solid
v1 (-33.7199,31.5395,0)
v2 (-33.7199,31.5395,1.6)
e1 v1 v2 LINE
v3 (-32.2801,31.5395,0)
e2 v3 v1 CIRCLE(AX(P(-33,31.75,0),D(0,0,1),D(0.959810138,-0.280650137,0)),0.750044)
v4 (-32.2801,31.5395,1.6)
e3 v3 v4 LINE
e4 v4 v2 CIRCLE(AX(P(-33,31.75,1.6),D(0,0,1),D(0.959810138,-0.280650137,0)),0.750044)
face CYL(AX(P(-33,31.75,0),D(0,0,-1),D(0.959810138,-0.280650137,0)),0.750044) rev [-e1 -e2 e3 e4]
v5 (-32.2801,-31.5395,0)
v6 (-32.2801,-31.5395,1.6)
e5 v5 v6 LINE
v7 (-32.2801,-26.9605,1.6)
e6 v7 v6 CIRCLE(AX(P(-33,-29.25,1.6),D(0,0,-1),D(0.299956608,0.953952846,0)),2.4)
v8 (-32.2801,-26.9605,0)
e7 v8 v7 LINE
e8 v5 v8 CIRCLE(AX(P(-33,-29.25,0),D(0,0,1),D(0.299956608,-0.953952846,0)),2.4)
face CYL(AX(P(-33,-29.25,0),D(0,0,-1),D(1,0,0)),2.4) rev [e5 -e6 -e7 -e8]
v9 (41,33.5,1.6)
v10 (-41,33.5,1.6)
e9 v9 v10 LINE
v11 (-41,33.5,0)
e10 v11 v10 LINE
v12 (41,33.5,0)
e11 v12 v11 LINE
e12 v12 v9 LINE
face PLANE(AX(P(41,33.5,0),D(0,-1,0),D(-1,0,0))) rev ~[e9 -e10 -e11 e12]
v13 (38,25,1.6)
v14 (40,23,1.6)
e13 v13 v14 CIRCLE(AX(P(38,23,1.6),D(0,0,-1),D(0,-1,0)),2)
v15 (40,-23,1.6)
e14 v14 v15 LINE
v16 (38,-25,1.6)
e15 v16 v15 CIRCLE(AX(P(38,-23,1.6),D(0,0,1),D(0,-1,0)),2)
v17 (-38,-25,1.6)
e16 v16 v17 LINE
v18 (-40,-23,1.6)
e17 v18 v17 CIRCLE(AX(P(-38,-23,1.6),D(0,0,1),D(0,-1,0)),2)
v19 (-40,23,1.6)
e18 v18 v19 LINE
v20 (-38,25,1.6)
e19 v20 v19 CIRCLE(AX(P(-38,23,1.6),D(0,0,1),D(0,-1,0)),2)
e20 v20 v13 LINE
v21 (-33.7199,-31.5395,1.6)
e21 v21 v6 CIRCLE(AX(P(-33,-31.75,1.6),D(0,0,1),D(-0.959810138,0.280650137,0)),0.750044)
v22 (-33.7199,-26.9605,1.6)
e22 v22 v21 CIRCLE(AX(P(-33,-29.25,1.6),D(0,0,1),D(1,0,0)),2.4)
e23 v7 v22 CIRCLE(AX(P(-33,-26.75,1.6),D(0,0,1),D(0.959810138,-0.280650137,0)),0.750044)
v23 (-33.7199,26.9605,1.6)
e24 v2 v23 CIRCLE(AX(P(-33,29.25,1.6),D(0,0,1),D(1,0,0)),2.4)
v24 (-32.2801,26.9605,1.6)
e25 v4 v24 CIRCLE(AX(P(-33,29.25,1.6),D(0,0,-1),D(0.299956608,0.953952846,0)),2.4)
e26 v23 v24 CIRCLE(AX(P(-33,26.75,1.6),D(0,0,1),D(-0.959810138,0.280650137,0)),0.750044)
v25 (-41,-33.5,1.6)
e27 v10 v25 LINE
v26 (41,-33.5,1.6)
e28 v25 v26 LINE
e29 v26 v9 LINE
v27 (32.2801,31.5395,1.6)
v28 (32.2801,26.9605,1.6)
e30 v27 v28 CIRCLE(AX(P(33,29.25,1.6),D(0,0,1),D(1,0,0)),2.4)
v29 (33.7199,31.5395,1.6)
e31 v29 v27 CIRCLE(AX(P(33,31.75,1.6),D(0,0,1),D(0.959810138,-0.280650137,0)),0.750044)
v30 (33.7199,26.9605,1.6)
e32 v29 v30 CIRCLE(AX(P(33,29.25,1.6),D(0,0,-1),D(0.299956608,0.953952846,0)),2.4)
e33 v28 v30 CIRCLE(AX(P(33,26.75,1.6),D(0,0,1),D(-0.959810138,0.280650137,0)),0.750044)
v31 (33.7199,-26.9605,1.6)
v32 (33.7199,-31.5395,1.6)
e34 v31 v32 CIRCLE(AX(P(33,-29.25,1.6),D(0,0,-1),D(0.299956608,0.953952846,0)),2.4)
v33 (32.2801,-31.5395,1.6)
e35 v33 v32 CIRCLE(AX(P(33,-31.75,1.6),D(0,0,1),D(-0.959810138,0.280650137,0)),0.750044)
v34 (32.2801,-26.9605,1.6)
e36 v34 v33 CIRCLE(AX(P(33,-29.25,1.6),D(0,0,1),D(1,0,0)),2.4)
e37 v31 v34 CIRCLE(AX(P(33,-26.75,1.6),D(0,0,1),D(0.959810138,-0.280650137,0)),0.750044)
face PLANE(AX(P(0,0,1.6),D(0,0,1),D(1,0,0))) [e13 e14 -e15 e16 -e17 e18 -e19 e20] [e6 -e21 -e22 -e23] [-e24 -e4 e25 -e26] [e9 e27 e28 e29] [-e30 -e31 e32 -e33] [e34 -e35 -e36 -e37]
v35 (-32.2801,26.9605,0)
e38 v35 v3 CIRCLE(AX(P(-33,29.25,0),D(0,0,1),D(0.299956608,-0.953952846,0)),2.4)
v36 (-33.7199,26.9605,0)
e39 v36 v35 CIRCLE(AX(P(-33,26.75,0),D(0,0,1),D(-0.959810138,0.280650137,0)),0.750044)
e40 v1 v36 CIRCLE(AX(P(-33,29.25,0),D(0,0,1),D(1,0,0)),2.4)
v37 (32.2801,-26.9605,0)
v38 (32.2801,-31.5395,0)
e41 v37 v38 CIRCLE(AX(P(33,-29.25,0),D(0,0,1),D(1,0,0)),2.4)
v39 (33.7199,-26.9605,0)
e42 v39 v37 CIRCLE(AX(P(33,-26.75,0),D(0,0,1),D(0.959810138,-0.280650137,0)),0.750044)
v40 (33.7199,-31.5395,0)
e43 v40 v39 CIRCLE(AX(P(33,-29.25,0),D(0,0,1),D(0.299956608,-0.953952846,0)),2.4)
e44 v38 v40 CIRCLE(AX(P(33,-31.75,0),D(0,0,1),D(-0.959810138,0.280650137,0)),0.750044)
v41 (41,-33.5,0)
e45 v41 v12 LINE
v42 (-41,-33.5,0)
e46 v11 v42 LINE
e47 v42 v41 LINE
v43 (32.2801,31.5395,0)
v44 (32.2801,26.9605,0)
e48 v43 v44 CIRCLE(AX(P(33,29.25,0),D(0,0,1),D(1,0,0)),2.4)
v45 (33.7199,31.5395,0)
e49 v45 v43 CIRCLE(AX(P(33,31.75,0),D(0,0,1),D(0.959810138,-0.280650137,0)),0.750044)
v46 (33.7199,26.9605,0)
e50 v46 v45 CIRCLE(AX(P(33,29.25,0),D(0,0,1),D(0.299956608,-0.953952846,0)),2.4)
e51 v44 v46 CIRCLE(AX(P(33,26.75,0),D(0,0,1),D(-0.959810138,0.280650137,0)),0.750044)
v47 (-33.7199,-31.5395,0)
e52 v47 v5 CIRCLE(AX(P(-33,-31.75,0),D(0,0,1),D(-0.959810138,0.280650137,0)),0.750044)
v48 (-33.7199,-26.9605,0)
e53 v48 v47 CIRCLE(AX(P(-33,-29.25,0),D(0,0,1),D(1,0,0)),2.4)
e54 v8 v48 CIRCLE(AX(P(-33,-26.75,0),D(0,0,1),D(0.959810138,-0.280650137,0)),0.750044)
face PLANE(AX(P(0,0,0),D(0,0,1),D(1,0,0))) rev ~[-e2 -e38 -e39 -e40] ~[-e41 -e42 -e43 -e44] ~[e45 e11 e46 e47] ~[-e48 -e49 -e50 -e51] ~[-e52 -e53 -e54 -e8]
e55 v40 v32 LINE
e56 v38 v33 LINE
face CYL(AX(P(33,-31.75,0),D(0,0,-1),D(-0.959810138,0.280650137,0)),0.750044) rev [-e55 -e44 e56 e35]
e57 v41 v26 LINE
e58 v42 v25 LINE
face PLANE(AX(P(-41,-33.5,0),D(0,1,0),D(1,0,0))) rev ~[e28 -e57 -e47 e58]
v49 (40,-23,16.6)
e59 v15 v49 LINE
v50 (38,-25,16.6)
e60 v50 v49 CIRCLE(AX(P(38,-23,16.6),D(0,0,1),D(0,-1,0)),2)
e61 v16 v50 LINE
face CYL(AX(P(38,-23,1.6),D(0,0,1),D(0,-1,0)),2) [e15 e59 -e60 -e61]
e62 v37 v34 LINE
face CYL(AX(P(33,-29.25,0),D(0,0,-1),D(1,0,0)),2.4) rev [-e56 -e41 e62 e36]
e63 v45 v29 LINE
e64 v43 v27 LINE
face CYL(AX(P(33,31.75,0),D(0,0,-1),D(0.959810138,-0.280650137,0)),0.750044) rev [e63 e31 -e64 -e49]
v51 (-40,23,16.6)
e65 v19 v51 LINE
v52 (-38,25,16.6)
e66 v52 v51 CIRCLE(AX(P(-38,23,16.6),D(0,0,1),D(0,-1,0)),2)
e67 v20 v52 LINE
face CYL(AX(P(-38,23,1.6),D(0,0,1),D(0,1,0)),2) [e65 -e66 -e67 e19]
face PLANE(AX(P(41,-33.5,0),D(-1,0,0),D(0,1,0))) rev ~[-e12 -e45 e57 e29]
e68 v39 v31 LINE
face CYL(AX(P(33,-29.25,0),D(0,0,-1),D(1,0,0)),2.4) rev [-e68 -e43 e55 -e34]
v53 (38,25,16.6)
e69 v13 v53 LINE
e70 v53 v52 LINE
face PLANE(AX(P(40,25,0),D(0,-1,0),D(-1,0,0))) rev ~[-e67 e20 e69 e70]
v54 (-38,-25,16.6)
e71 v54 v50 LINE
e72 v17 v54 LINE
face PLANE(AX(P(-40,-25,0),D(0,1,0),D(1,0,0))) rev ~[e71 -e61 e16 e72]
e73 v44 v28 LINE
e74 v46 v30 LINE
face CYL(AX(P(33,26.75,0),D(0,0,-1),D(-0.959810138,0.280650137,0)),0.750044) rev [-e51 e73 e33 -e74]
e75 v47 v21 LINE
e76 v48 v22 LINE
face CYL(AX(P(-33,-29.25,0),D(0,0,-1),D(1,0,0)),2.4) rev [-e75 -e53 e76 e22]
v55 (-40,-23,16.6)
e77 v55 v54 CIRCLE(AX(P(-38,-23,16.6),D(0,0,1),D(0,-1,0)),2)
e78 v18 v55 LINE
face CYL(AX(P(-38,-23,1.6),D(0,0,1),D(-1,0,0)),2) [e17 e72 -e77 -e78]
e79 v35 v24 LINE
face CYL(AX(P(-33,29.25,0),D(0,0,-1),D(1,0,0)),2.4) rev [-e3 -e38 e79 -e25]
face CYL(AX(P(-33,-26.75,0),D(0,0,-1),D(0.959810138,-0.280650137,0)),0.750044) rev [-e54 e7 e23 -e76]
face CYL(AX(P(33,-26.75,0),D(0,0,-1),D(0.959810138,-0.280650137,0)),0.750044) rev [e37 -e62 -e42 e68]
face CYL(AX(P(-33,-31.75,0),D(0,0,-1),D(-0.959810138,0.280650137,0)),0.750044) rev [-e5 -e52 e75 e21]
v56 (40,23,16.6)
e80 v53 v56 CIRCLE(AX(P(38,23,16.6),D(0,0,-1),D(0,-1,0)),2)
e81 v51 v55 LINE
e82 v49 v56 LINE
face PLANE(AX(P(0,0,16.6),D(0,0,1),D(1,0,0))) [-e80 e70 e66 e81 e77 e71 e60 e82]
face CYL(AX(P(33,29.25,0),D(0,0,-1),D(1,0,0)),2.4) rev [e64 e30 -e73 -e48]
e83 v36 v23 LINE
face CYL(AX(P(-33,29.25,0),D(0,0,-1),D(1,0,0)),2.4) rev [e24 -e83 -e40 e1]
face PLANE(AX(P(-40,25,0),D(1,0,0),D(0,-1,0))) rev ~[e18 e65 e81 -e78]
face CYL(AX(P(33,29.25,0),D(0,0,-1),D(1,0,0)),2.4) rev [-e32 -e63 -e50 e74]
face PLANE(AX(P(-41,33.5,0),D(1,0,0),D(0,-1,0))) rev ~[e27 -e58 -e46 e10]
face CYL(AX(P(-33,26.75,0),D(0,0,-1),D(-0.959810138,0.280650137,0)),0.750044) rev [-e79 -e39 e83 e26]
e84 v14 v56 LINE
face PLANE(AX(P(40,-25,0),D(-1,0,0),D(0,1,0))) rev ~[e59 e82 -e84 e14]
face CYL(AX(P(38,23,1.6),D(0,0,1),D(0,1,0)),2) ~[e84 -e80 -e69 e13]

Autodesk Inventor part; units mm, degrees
ref_plane "YZ Plane" through (0, 0, 0) normal (1, 0, 0) x (0, 1, 0)
ref_plane "XZ Plane" through (0, 0, 0) normal (0, 1, 0) x (-1, 0, 0)
ref_plane "XY Plane" through (0, 0, 0) normal (0, 0, 1) x (1, 0, 0)
sketch "Sketch1" plane through (0, 0, 0) normal (0, 0, 1) x (1, 0, 0)
  line L0 (41, 33.5) -> (-41, 33.5)
  line L1 (-41, 33.5) -> (-41, -33.5)
  line L2 (-41, -33.5) -> (41, -33.5)
  line L3 (41, -33.5) -> (41, 33.5)
  line L4 (41, 33.5) -> (-41, -33.5) construction
  line L5 (-41, 33.5) -> (41, -33.5) construction
  line L6 (-33, 29.25) -> (33, 29.25) construction
  line L7 (33, 29.25) -> (33, -29.25) construction
  line L8 (33, -29.25) -> (-33, -29.25) construction
  line L9 (-33, -29.25) -> (-33, 29.25) construction
  line L10 (-33, 29.25) -> (33, -29.25) construction
  line L11 (33, 29.25) -> (-33, -29.25) construction
  line L12 (41, 0) -> (-41, 0) construction
  line L13 (0, 33.5) -> (0, -33.5) construction
  circle A0 centre (33, 29.25) radius 2.4
  circle A1 centre (-33, 29.25) radius 2.4
  circle A2 centre (33, -29.25) radius 2.4
  circle A3 centre (-33, -29.25) radius 2.4
  line L14 (33, 32.5) -> (33, 26) construction
  arc A4 (32.2801, 26.9605) -> (33.7199, 26.9605) centre (33, 26.75) ccw
  arc A5 (-33.7199, 26.9605) -> (-32.2801, 26.9605) centre (-33, 26.75) ccw
  arc A6 (33.7199, -26.9605) -> (32.2801, -26.9605) centre (33, -26.75) ccw
  arc A7 (-32.2801, -26.9605) -> (-33.7199, -26.9605) centre (-33, -26.75) ccw
  line L15 (40, 25) -> (-40, 25)
  line L16 (-40, 25) -> (-40, -25)
  line L17 (-40, -25) -> (40, -25)
  line L18 (40, -25) -> (40, 25)
  line L19 (40, 25) -> (-40, -25) construction
  line L20 (-40, 25) -> (40, -25) construction
  arc A8 (33.7199, 31.5395) -> (32.2801, 31.5395) centre (33, 31.75) ccw
  arc A9 (-32.2801, 31.5395) -> (-33.7199, 31.5395) centre (-33, 31.75) ccw
  arc A10 (32.2801, -31.5395) -> (33.7199, -31.5395) centre (33, -31.75) ccw
  arc A11 (-33.7199, -31.5395) -> (-32.2801, -31.5395) centre (-33, -31.75) ccw
  point P0 (0, 0)
  point P1 (33, -26)
  point P2 (-32.2801, 26.9605)
  point P3 (-33.7199, 26.9605)
  point P4 (-33.7199, -26.9605)
  point P5 (-32.2801, -26.9605)
  point P6 (32.2801, -26.9605)
  point P7 (33.7199, -26.9605)
  point P8 (33, 32.5)
  point P9 (32.2801, 31.5395)
  point P10 (33.7199, 31.5395)
  point P11 (-33.7199, 31.5395)
  point P12 (-32.2801, 31.5395)
  point P13 (-32.2801, -31.5395)
  point P14 (-33.7199, -31.5395)
  point P15 (33.7199, -31.5395)
  point P16 (32.2801, -31.5395)
  dimension "d0" = 82
  dimension "d1" = 67
  dimension "d19" = 4.8
  dimension "d30" = 6.5
  dimension "d33" = 58.5
  dimension "d34" = 66
  dimension "d36" = 1.5
  dimension "d37" = 8.5
  dimension "d38" = 1
  dimension "d41" = 16
  dimension "d42" = 6.5
  dimension "d43" = 1
extrude "Extrusion1" add sketch "Sketch1" along normal blind 1.6 contours L3 L2 L1 L0 | L18 L17 L16 L15
extrude "Extrusion2" add sketch "Sketch1" along normal blind 16.6 contours L18 L17 L16 L15
fillet "Fillet1" radius 2 4 edges at (40, -25, 9.1) (40, 25, 9.1) (-40, -25, 9.1) (-40, 25, 9.1)
properties part number "SUSTAINA-ACTUATOR-POWER-BOARD" material "Acetal Resin, Black"
